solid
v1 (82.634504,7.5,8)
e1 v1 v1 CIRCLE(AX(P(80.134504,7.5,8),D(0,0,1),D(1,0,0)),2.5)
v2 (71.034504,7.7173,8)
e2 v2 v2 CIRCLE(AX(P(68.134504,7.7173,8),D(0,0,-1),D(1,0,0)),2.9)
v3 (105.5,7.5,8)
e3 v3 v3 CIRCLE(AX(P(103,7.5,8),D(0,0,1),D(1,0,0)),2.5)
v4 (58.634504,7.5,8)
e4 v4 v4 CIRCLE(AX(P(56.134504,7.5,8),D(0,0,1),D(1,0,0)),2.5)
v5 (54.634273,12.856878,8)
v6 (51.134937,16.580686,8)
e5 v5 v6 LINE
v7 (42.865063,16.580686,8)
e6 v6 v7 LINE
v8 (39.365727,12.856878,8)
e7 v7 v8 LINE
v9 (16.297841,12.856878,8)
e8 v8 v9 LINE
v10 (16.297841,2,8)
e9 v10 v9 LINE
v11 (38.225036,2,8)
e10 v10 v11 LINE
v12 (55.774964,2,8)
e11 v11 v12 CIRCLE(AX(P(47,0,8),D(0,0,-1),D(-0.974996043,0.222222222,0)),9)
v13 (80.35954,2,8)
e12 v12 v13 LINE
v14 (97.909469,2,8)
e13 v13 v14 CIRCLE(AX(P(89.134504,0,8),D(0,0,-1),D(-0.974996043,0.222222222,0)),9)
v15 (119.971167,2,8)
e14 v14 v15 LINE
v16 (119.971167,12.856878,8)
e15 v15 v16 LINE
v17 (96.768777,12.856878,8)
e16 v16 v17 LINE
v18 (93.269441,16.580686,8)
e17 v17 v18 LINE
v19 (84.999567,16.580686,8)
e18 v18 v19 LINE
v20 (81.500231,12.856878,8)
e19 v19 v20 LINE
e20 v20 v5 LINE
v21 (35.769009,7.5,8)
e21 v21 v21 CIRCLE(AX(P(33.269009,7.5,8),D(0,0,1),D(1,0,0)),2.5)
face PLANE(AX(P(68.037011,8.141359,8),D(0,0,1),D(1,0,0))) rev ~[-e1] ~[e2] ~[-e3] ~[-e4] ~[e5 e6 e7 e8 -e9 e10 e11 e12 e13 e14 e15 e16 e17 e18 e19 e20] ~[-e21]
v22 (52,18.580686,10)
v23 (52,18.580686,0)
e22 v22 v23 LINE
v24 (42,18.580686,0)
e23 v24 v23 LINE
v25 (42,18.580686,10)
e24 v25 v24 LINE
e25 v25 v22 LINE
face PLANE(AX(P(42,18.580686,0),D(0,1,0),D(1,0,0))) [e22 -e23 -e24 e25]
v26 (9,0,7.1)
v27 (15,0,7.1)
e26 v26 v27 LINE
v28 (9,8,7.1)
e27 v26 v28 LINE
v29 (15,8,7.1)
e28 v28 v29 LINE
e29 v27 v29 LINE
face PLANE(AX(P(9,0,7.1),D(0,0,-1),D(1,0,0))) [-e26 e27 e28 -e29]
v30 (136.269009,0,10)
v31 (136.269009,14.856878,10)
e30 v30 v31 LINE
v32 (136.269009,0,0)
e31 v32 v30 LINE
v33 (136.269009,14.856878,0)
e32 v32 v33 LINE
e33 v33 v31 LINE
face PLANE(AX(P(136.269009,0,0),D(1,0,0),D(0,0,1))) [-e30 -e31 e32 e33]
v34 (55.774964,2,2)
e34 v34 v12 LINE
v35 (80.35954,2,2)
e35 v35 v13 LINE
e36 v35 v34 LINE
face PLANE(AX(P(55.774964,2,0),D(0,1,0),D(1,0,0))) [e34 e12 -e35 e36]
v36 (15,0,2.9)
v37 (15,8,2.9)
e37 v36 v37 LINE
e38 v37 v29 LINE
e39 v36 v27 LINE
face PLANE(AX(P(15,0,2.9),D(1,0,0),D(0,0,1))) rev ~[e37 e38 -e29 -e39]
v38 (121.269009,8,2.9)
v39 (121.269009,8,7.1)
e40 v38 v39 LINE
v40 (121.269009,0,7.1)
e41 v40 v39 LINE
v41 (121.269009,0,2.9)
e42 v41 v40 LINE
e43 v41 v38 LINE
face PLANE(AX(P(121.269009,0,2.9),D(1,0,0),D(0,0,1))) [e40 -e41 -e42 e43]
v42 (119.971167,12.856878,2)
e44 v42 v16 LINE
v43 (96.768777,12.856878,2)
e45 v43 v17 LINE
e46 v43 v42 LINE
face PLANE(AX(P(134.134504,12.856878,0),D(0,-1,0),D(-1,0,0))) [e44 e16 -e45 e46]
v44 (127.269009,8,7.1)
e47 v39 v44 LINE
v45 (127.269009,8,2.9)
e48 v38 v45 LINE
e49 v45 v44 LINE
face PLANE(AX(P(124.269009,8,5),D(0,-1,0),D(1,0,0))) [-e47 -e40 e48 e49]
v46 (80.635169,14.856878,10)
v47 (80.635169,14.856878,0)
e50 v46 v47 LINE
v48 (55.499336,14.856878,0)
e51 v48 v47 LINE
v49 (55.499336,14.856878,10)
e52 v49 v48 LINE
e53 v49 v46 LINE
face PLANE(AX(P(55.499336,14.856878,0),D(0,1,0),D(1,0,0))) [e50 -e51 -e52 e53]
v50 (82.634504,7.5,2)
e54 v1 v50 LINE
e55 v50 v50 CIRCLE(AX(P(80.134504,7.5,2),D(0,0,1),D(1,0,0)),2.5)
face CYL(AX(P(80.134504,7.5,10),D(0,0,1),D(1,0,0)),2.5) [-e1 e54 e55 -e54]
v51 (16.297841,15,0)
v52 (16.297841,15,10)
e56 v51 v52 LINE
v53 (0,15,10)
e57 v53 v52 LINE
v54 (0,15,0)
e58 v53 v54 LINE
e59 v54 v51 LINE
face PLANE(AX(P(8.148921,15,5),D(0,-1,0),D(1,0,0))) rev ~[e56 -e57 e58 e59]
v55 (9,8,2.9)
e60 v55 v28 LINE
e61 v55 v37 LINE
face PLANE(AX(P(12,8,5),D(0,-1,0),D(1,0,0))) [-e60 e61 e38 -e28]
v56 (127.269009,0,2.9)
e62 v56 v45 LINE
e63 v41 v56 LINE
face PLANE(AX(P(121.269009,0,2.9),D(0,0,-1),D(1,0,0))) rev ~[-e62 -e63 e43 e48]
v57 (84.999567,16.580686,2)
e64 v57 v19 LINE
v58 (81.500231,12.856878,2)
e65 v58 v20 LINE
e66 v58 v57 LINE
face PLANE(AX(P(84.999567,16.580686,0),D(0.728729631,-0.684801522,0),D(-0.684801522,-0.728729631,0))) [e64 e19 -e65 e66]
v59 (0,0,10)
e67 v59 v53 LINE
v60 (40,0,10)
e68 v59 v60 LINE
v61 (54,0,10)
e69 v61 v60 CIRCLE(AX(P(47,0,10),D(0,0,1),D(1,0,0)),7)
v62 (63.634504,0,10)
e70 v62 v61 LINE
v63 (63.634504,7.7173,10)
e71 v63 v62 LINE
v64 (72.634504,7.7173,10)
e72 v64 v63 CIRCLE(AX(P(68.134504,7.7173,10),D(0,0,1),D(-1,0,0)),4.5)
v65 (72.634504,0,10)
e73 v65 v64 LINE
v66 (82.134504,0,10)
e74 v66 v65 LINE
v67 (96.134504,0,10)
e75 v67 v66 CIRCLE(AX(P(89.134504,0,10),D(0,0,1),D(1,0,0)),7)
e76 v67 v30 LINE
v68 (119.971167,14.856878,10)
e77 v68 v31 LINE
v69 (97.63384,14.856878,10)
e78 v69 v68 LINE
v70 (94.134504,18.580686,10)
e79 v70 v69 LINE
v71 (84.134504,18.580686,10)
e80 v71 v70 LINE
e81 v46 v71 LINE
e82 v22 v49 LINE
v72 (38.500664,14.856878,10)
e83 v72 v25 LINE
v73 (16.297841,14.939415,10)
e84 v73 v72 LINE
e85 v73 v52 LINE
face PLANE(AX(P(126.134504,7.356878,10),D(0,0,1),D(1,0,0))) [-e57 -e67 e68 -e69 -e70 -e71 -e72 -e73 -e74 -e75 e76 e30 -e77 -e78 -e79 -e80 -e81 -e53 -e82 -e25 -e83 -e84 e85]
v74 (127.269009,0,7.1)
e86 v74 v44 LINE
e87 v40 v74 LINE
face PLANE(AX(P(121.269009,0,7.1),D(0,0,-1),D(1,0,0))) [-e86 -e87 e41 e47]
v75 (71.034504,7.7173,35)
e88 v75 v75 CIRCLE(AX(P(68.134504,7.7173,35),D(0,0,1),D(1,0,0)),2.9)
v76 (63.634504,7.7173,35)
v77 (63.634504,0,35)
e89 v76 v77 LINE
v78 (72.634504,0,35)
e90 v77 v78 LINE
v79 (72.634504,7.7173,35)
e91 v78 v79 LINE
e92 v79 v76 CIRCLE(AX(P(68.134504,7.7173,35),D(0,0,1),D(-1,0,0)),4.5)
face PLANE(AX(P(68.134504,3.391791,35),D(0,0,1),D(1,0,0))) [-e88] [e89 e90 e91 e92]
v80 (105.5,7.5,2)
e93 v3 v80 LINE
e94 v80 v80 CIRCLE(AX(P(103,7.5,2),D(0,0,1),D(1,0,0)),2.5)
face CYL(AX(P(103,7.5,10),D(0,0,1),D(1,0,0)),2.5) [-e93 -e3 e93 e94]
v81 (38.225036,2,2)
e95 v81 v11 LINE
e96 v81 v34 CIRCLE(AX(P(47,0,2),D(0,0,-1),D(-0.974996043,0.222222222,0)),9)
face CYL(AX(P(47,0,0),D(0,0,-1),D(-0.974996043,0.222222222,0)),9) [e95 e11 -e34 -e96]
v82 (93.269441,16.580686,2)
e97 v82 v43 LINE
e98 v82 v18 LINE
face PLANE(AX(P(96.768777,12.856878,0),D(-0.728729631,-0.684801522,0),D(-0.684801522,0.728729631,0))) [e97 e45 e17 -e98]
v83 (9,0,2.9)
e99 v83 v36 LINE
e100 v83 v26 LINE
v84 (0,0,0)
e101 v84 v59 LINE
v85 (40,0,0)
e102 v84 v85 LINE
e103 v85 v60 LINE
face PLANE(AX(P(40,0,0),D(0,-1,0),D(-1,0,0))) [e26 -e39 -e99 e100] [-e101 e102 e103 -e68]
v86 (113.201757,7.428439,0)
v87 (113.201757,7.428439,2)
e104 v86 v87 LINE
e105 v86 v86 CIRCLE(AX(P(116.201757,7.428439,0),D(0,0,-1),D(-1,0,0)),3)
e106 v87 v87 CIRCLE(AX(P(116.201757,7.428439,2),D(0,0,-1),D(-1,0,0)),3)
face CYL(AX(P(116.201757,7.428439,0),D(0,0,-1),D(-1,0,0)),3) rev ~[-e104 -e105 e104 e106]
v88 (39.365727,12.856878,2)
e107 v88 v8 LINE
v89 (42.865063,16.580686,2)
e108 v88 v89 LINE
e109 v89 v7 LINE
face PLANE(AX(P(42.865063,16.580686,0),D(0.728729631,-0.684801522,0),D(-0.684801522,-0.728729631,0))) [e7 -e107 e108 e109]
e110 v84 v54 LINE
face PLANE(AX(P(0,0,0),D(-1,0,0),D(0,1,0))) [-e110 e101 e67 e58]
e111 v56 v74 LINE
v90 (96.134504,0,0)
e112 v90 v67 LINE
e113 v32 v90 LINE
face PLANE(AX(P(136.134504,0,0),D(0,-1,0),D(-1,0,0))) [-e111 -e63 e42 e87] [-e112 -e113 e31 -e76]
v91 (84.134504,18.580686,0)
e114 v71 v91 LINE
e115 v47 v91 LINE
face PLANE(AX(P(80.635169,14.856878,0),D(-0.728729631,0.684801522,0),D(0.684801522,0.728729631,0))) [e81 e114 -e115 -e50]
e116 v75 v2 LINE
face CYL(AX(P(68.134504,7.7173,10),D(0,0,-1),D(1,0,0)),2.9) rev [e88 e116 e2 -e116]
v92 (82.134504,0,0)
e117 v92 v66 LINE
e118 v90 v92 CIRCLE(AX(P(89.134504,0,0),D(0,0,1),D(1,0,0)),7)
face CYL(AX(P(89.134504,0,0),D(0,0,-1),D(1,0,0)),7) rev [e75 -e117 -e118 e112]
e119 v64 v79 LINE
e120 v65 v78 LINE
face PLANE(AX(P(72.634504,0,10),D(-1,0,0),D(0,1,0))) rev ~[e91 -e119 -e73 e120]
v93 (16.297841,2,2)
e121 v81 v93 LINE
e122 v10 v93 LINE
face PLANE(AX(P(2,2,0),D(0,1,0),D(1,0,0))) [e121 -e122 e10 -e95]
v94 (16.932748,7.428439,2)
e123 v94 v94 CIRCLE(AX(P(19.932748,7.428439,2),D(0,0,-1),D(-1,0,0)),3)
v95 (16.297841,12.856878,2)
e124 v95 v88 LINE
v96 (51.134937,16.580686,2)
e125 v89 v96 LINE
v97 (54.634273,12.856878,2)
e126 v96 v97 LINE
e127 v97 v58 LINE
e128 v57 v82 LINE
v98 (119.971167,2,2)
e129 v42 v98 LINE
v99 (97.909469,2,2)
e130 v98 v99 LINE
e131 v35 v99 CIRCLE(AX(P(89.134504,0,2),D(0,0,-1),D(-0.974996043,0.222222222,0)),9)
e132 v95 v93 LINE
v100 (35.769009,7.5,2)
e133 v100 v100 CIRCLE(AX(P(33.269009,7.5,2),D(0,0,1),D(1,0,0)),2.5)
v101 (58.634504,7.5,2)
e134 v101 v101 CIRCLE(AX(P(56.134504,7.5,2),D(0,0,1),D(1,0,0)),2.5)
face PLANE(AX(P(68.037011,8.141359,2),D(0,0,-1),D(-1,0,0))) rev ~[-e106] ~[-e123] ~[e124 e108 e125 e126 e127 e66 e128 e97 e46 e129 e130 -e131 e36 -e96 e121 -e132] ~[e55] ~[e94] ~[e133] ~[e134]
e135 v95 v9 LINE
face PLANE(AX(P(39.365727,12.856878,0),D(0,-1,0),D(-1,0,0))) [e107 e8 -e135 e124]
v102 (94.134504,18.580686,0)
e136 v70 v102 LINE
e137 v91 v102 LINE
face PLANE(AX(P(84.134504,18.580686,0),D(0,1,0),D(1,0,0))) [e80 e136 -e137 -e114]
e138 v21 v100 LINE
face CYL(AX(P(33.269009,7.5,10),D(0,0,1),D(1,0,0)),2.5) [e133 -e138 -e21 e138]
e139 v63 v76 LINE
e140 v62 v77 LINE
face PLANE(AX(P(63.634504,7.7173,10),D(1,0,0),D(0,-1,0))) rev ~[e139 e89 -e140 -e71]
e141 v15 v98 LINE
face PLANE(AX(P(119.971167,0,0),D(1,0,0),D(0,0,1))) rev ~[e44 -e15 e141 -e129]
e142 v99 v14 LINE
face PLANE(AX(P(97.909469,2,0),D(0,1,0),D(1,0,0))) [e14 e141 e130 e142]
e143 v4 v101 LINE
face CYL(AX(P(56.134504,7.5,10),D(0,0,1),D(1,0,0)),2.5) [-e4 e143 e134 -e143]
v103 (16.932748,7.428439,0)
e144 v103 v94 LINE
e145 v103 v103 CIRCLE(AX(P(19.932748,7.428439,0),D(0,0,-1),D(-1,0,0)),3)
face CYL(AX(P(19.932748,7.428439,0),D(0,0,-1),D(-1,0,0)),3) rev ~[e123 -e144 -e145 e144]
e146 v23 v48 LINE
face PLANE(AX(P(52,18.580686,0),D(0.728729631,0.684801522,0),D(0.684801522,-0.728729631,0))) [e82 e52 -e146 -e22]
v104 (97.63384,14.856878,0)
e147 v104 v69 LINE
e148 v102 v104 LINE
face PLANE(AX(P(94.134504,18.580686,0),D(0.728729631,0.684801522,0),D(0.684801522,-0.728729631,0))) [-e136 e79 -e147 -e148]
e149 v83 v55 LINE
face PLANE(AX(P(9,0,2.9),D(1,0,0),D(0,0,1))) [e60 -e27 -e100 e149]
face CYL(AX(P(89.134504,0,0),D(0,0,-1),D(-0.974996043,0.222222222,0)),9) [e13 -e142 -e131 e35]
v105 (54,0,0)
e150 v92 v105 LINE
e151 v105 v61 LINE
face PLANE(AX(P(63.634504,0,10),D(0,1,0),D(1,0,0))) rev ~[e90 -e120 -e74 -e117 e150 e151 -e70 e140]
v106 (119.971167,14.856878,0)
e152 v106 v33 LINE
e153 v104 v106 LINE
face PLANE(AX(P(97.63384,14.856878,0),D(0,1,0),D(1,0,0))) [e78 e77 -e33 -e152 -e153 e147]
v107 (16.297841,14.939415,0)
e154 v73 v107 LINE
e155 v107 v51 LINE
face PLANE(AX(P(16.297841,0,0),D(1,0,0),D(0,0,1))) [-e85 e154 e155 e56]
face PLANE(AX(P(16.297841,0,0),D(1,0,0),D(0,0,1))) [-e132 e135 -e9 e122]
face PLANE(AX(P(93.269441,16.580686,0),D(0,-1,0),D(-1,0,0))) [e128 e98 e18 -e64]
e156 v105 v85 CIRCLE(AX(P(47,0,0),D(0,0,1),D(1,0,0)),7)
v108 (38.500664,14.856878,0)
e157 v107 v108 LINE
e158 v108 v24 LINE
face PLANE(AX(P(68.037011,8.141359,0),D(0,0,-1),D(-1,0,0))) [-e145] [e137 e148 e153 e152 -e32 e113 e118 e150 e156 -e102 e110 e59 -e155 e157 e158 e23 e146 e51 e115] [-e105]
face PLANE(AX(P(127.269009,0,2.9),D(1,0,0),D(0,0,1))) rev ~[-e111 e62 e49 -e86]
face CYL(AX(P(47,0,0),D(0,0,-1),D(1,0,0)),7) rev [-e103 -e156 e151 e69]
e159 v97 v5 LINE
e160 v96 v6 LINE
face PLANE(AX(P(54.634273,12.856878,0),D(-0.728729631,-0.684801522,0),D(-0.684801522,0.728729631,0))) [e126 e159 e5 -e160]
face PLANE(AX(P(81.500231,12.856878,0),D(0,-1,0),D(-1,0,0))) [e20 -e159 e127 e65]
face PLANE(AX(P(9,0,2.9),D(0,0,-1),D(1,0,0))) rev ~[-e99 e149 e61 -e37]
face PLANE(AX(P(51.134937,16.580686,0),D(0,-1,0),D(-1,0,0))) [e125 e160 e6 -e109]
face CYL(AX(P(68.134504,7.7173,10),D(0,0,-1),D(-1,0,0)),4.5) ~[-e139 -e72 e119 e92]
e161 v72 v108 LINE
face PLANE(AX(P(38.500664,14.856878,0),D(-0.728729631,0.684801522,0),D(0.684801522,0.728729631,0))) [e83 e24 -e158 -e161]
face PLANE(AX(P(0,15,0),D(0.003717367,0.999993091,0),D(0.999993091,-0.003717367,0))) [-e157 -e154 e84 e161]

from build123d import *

# Parameters (mm, degrees)
BOSS_EXTRUDE1_DEPTH = 10
BOSS_EXTRUDE2_START = -2
BOSS_EXTRUDE2_DEPTH = 2
BOSS_EXTRUDE3_DEPTH = 2
SKETCH6_R           = 4.5
SKETCH6_R_2         = 2.9
BOSS_EXTRUDE4_DEPTH = 25
CUT_EXTRUDE1_START  = -8
SKETCH7_R           = 2.9
CUT_EXTRUDE1_DEPTH  = 8
SKETCH9_R           = 2.5
BOSS_EXTRUDE5_DEPTH = 10
BOSS_EXTRUDE6_START = -25
BOSS_EXTRUDE6_DEPTH = 25
SKETCH13_W          = 16.297841409
SKETCH13_H          = 10
BOSS_EXTRUDE7_DEPTH = 15
SKETCH14_W          = 6
SKETCH14_H          = 4.2
CUT_EXTRUDE4_DEPTH  = 8
SKETCH17_W          = 10
SKETCH17_H          = 0.143122073
CUT_EXTRUDE5_DEPTH  = 16.297841409
SKETCH18_R          = 3
CUT_EXTRUDE6_DEPTH  = 3


with BuildPart() as part:
    # Sketch1 → Boss-Extrude1 (new body)
    with BuildSketch(Plane.XY):
        with BuildLine():
            Line((0, 0), (0, 15))
            Line((0, 15), (38.500664221, 14.856877927))
            Line((38.500664221, 14.856877927), (42, 18.580686342))
            Line((42, 18.580686342), (47, 18.580686342))
            Line((47, 18.580686342), (52, 18.580686342))
            Line((52, 18.580686342), (55.499335779, 14.856877927))
            Line((55.499335779, 14.856877927), (80.635168579, 14.856877927))
            Line((80.635168579, 14.856877927), (84.134504358, 18.580686342))
            Line((84.134504358, 18.580686342), (89.134504358, 18.580686342))
            Line((89.134504358, 18.580686342), (94.134504358, 18.580686342))
            Line((94.134504358, 18.580686342), (97.633840137, 14.856877927))
            Line((97.633840137, 14.856877927), (136.134504358, 14.856877927))
            Line((136.134504358, 14.856877927), (136.134504358, 0))
            Line((136.134504358, 0), (96.134504358, 0))
            ThreePointArc((96.134504358, 0), (89.134504358, 7), (82.134504358, 0))
            Line((82.134504358, 0), (54, 0))
            ThreePointArc((54, 0), (47, 7), (40, 0))
            Line((40, 0), (0, 0))
        make_face()
        with BuildLine():
            Line((81.500231462, 12.856877927), (54.634272896, 12.856877927))
            Line((54.634272896, 12.856877927), (51.134937117, 16.580686342))
            Line((51.134937117, 16.580686342), (47, 16.580686342))
            Line((47, 16.580686342), (42.865062883, 16.580686342))
            Line((42.865062883, 16.580686342), (39.365727104, 12.856877927))
            Line((39.365727104, 12.856877927), (2, 12.856877927))
            Line((2, 12.856877927), (2, 2))
            Line((2, 2), (38.225035613, 2))
            ThreePointArc((38.225035613, 2), (47, 9), (55.774964387, 2))
            Line((55.774964387, 2), (80.35953997, 2))
            ThreePointArc((80.35953997, 2), (89.134504358, 9), (97.909468745, 2))
            Line((97.909468745, 2), (134.134504358, 2))
            Line((134.134504358, 2), (134.134504358, 12.856877927))
            Line((134.134504358, 12.856877927), (96.768777254, 12.856877927))
            Line((96.768777254, 12.856877927), (93.269441475, 16.580686342))
            Line((93.269441475, 16.580686342), (89.134504358, 16.580686342))
            Line((89.134504358, 16.580686342), (84.999567241, 16.580686342))
            Line((84.999567241, 16.580686342), (81.500231462, 12.856877927))
        make_face(mode=Mode.SUBTRACT)
    extrude(amount=BOSS_EXTRUDE1_DEPTH)

    # Sketch2 → Boss-Extrude2 (add)
    with BuildSketch(Plane.XY.offset(10).offset(BOSS_EXTRUDE2_START)):
        with BuildLine():
            Line((136.134504358, 0), (136.134504358, 14.856877927))
            Line((136.134504358, 14.856877927), (97.633840137, 14.856877927))
            Line((97.633840137, 14.856877927), (94.134504358, 18.580686342))
            Line((94.134504358, 18.580686342), (84.134504358, 18.580686342))
            Line((84.134504358, 18.580686342), (80.635168579, 14.856877927))
            Line((80.635168579, 14.856877927), (55.499335779, 14.856877927))
            Line((55.499335779, 14.856877927), (52, 18.580686342))
            Line((52, 18.580686342), (42, 18.580686342))
            Line((42, 18.580686342), (38.500664221, 14.856877927))
            Line((38.500664221, 14.856877927), (0, 15))
            Line((0, 15), (0, 0))
            Line((0, 0), (40, 0))
            ThreePointArc((40, 0), (47, 7), (54, 0))
            Line((54, 0), (82.134504358, 0))
            ThreePointArc((82.134504358, 0), (89.134504358, 7), (96.134504358, 0))
            Line((96.134504358, 0), (136.134504358, 0))
        make_face()
    extrude(amount=BOSS_EXTRUDE2_DEPTH)

    # Sketch3 → Boss-Extrude3 (add)
    with BuildSketch(Plane(origin=(0, 0, 0), x_dir=(-1, 0, 0), z_dir=(0, 0, -1))):
        with BuildLine():
            Line((0, 15), (-38.500664221, 14.856877927))
            Line((-38.500664221, 14.856877927), (-42, 18.580686342))
            Line((-42, 18.580686342), (-52, 18.580686342))
            Line((-52, 18.580686342), (-55.499335779, 14.856877927))
            Line((-55.499335779, 14.856877927), (-80.635168579, 14.856877927))
            Line((-80.635168579, 14.856877927), (-84.134504358, 18.580686342))
            Line((-84.134504358, 18.580686342), (-94.134504358, 18.580686342))
            Line((-94.134504358, 18.580686342), (-97.633840137, 14.856877927))
            Line((-97.633840137, 14.856877927), (-136.134504358, 14.856877927))
            Line((-136.134504358, 14.856877927), (-136.134504358, 0))
            Line((-136.134504358, 0), (-96.134504358, 0))
            ThreePointArc((-96.134504358, 0), (-89.134504358, 7), (-82.134504358, 0))
            Line((-82.134504358, 0), (-54, 0))
            ThreePointArc((-54, 0), (-47, 7), (-40, 0))
            Line((-40, 0), (0, 0))
            Line((0, 0), (0, 15))
        make_face()
    extrude(amount=-BOSS_EXTRUDE3_DEPTH)

    # Sketch6 → Boss-Extrude4 (add)
    with BuildSketch(Plane.XY.offset(10)):
        with Locations(Location((68.134504358, 7.717300047, 0), (0, 0, 180))):
            Circle(SKETCH6_R)
        with Locations((68.134504358, 7.717300047)):
            Circle(SKETCH6_R_2, mode=Mode.SUBTRACT)
    extrude(amount=BOSS_EXTRUDE4_DEPTH)

    # Sketch7 → Cut-Extrude1 (cut)
    with BuildSketch(Plane.XY.offset(10).offset(CUT_EXTRUDE1_START)):
        with Locations((68.134504358, 7.717300047)):
            Circle(SKETCH7_R)
    extrude(amount=CUT_EXTRUDE1_DEPTH, mode=Mode.SUBTRACT)

    # Sketch9 → Boss-Extrude5 (add)
    with BuildSketch(Plane.XY.offset(10)):
        with Locations((126.134504358, 7.356877927)):
            Circle(SKETCH9_R)
        with Locations((103, 7.5)):
            Circle(SKETCH9_R)
        with Locations((80.134504358, 7.5)):
            Circle(SKETCH9_R)
        with Locations((10.134504358, 7.356877927)):
            Circle(SKETCH9_R)
        with Locations((33.269008716, 7.5)):
            Circle(SKETCH9_R)
        with Locations((56.134504358, 7.5)):
            Circle(SKETCH9_R)
    extrude(amount=-BOSS_EXTRUDE5_DEPTH)

    # Sketch10 → Boss-Extrude6 (add)
    with BuildSketch(Plane.XY.offset(35).offset(BOSS_EXTRUDE6_START)):
        with BuildLine():
            Line((63.634504358, 7.717300047), (63.634504358, 0))
            Line((63.634504358, 0), (72.634504358, 0))
            Line((72.634504358, 0), (72.634504358, 7.717300047))
            ThreePointArc((72.634504358, 7.717300047), (68.134504358, 3.217300047), (63.634504358, 7.717300047))
        make_face()
    extrude(amount=BOSS_EXTRUDE6_DEPTH)

    # Sketch13 → Boss-Extrude7 (add)
    with BuildSketch(Plane.XZ):
        with Locations((8.148920705, 5)):
            Rectangle(SKETCH13_W, SKETCH13_H)
        with Locations((128.120088012, 5)):
            Rectangle(SKETCH13_W, SKETCH13_H)
    extrude(amount=-BOSS_EXTRUDE7_DEPTH)

    # Sketch14 → Cut-Extrude4 (cut)
    with BuildSketch(Plane.XZ):
        with Locations((12, 5)):
            Rectangle(SKETCH14_W, SKETCH14_H)
        with Locations((124.269008716, 5)):
            Rectangle(SKETCH14_W, SKETCH14_H)
    extrude(amount=-CUT_EXTRUDE4_DEPTH, mode=Mode.SUBTRACT)

    # Sketch17 → Cut-Extrude5 (cut)
    with BuildSketch(Plane.ZY.offset(-119.971167307)):
        with Locations((5, 14.928438964)):
            Rectangle(SKETCH17_W, SKETCH17_H)
    extrude(amount=-CUT_EXTRUDE5_DEPTH, mode=Mode.SUBTRACT)

    # Sketch18 → Cut-Extrude6 (cut)
    with BuildSketch(Plane(origin=(0, 0, 0), x_dir=(-1, 0, 0), z_dir=(0, 0, -1))):
        with Locations((-116.201756537, 7.428438964)):
            Circle(SKETCH18_R)
        with Locations((-19.932747821, 7.428438964)):
            Circle(SKETCH18_R)
    extrude(amount=-CUT_EXTRUDE6_DEPTH, mode=Mode.SUBTRACT)


solid = part.part
